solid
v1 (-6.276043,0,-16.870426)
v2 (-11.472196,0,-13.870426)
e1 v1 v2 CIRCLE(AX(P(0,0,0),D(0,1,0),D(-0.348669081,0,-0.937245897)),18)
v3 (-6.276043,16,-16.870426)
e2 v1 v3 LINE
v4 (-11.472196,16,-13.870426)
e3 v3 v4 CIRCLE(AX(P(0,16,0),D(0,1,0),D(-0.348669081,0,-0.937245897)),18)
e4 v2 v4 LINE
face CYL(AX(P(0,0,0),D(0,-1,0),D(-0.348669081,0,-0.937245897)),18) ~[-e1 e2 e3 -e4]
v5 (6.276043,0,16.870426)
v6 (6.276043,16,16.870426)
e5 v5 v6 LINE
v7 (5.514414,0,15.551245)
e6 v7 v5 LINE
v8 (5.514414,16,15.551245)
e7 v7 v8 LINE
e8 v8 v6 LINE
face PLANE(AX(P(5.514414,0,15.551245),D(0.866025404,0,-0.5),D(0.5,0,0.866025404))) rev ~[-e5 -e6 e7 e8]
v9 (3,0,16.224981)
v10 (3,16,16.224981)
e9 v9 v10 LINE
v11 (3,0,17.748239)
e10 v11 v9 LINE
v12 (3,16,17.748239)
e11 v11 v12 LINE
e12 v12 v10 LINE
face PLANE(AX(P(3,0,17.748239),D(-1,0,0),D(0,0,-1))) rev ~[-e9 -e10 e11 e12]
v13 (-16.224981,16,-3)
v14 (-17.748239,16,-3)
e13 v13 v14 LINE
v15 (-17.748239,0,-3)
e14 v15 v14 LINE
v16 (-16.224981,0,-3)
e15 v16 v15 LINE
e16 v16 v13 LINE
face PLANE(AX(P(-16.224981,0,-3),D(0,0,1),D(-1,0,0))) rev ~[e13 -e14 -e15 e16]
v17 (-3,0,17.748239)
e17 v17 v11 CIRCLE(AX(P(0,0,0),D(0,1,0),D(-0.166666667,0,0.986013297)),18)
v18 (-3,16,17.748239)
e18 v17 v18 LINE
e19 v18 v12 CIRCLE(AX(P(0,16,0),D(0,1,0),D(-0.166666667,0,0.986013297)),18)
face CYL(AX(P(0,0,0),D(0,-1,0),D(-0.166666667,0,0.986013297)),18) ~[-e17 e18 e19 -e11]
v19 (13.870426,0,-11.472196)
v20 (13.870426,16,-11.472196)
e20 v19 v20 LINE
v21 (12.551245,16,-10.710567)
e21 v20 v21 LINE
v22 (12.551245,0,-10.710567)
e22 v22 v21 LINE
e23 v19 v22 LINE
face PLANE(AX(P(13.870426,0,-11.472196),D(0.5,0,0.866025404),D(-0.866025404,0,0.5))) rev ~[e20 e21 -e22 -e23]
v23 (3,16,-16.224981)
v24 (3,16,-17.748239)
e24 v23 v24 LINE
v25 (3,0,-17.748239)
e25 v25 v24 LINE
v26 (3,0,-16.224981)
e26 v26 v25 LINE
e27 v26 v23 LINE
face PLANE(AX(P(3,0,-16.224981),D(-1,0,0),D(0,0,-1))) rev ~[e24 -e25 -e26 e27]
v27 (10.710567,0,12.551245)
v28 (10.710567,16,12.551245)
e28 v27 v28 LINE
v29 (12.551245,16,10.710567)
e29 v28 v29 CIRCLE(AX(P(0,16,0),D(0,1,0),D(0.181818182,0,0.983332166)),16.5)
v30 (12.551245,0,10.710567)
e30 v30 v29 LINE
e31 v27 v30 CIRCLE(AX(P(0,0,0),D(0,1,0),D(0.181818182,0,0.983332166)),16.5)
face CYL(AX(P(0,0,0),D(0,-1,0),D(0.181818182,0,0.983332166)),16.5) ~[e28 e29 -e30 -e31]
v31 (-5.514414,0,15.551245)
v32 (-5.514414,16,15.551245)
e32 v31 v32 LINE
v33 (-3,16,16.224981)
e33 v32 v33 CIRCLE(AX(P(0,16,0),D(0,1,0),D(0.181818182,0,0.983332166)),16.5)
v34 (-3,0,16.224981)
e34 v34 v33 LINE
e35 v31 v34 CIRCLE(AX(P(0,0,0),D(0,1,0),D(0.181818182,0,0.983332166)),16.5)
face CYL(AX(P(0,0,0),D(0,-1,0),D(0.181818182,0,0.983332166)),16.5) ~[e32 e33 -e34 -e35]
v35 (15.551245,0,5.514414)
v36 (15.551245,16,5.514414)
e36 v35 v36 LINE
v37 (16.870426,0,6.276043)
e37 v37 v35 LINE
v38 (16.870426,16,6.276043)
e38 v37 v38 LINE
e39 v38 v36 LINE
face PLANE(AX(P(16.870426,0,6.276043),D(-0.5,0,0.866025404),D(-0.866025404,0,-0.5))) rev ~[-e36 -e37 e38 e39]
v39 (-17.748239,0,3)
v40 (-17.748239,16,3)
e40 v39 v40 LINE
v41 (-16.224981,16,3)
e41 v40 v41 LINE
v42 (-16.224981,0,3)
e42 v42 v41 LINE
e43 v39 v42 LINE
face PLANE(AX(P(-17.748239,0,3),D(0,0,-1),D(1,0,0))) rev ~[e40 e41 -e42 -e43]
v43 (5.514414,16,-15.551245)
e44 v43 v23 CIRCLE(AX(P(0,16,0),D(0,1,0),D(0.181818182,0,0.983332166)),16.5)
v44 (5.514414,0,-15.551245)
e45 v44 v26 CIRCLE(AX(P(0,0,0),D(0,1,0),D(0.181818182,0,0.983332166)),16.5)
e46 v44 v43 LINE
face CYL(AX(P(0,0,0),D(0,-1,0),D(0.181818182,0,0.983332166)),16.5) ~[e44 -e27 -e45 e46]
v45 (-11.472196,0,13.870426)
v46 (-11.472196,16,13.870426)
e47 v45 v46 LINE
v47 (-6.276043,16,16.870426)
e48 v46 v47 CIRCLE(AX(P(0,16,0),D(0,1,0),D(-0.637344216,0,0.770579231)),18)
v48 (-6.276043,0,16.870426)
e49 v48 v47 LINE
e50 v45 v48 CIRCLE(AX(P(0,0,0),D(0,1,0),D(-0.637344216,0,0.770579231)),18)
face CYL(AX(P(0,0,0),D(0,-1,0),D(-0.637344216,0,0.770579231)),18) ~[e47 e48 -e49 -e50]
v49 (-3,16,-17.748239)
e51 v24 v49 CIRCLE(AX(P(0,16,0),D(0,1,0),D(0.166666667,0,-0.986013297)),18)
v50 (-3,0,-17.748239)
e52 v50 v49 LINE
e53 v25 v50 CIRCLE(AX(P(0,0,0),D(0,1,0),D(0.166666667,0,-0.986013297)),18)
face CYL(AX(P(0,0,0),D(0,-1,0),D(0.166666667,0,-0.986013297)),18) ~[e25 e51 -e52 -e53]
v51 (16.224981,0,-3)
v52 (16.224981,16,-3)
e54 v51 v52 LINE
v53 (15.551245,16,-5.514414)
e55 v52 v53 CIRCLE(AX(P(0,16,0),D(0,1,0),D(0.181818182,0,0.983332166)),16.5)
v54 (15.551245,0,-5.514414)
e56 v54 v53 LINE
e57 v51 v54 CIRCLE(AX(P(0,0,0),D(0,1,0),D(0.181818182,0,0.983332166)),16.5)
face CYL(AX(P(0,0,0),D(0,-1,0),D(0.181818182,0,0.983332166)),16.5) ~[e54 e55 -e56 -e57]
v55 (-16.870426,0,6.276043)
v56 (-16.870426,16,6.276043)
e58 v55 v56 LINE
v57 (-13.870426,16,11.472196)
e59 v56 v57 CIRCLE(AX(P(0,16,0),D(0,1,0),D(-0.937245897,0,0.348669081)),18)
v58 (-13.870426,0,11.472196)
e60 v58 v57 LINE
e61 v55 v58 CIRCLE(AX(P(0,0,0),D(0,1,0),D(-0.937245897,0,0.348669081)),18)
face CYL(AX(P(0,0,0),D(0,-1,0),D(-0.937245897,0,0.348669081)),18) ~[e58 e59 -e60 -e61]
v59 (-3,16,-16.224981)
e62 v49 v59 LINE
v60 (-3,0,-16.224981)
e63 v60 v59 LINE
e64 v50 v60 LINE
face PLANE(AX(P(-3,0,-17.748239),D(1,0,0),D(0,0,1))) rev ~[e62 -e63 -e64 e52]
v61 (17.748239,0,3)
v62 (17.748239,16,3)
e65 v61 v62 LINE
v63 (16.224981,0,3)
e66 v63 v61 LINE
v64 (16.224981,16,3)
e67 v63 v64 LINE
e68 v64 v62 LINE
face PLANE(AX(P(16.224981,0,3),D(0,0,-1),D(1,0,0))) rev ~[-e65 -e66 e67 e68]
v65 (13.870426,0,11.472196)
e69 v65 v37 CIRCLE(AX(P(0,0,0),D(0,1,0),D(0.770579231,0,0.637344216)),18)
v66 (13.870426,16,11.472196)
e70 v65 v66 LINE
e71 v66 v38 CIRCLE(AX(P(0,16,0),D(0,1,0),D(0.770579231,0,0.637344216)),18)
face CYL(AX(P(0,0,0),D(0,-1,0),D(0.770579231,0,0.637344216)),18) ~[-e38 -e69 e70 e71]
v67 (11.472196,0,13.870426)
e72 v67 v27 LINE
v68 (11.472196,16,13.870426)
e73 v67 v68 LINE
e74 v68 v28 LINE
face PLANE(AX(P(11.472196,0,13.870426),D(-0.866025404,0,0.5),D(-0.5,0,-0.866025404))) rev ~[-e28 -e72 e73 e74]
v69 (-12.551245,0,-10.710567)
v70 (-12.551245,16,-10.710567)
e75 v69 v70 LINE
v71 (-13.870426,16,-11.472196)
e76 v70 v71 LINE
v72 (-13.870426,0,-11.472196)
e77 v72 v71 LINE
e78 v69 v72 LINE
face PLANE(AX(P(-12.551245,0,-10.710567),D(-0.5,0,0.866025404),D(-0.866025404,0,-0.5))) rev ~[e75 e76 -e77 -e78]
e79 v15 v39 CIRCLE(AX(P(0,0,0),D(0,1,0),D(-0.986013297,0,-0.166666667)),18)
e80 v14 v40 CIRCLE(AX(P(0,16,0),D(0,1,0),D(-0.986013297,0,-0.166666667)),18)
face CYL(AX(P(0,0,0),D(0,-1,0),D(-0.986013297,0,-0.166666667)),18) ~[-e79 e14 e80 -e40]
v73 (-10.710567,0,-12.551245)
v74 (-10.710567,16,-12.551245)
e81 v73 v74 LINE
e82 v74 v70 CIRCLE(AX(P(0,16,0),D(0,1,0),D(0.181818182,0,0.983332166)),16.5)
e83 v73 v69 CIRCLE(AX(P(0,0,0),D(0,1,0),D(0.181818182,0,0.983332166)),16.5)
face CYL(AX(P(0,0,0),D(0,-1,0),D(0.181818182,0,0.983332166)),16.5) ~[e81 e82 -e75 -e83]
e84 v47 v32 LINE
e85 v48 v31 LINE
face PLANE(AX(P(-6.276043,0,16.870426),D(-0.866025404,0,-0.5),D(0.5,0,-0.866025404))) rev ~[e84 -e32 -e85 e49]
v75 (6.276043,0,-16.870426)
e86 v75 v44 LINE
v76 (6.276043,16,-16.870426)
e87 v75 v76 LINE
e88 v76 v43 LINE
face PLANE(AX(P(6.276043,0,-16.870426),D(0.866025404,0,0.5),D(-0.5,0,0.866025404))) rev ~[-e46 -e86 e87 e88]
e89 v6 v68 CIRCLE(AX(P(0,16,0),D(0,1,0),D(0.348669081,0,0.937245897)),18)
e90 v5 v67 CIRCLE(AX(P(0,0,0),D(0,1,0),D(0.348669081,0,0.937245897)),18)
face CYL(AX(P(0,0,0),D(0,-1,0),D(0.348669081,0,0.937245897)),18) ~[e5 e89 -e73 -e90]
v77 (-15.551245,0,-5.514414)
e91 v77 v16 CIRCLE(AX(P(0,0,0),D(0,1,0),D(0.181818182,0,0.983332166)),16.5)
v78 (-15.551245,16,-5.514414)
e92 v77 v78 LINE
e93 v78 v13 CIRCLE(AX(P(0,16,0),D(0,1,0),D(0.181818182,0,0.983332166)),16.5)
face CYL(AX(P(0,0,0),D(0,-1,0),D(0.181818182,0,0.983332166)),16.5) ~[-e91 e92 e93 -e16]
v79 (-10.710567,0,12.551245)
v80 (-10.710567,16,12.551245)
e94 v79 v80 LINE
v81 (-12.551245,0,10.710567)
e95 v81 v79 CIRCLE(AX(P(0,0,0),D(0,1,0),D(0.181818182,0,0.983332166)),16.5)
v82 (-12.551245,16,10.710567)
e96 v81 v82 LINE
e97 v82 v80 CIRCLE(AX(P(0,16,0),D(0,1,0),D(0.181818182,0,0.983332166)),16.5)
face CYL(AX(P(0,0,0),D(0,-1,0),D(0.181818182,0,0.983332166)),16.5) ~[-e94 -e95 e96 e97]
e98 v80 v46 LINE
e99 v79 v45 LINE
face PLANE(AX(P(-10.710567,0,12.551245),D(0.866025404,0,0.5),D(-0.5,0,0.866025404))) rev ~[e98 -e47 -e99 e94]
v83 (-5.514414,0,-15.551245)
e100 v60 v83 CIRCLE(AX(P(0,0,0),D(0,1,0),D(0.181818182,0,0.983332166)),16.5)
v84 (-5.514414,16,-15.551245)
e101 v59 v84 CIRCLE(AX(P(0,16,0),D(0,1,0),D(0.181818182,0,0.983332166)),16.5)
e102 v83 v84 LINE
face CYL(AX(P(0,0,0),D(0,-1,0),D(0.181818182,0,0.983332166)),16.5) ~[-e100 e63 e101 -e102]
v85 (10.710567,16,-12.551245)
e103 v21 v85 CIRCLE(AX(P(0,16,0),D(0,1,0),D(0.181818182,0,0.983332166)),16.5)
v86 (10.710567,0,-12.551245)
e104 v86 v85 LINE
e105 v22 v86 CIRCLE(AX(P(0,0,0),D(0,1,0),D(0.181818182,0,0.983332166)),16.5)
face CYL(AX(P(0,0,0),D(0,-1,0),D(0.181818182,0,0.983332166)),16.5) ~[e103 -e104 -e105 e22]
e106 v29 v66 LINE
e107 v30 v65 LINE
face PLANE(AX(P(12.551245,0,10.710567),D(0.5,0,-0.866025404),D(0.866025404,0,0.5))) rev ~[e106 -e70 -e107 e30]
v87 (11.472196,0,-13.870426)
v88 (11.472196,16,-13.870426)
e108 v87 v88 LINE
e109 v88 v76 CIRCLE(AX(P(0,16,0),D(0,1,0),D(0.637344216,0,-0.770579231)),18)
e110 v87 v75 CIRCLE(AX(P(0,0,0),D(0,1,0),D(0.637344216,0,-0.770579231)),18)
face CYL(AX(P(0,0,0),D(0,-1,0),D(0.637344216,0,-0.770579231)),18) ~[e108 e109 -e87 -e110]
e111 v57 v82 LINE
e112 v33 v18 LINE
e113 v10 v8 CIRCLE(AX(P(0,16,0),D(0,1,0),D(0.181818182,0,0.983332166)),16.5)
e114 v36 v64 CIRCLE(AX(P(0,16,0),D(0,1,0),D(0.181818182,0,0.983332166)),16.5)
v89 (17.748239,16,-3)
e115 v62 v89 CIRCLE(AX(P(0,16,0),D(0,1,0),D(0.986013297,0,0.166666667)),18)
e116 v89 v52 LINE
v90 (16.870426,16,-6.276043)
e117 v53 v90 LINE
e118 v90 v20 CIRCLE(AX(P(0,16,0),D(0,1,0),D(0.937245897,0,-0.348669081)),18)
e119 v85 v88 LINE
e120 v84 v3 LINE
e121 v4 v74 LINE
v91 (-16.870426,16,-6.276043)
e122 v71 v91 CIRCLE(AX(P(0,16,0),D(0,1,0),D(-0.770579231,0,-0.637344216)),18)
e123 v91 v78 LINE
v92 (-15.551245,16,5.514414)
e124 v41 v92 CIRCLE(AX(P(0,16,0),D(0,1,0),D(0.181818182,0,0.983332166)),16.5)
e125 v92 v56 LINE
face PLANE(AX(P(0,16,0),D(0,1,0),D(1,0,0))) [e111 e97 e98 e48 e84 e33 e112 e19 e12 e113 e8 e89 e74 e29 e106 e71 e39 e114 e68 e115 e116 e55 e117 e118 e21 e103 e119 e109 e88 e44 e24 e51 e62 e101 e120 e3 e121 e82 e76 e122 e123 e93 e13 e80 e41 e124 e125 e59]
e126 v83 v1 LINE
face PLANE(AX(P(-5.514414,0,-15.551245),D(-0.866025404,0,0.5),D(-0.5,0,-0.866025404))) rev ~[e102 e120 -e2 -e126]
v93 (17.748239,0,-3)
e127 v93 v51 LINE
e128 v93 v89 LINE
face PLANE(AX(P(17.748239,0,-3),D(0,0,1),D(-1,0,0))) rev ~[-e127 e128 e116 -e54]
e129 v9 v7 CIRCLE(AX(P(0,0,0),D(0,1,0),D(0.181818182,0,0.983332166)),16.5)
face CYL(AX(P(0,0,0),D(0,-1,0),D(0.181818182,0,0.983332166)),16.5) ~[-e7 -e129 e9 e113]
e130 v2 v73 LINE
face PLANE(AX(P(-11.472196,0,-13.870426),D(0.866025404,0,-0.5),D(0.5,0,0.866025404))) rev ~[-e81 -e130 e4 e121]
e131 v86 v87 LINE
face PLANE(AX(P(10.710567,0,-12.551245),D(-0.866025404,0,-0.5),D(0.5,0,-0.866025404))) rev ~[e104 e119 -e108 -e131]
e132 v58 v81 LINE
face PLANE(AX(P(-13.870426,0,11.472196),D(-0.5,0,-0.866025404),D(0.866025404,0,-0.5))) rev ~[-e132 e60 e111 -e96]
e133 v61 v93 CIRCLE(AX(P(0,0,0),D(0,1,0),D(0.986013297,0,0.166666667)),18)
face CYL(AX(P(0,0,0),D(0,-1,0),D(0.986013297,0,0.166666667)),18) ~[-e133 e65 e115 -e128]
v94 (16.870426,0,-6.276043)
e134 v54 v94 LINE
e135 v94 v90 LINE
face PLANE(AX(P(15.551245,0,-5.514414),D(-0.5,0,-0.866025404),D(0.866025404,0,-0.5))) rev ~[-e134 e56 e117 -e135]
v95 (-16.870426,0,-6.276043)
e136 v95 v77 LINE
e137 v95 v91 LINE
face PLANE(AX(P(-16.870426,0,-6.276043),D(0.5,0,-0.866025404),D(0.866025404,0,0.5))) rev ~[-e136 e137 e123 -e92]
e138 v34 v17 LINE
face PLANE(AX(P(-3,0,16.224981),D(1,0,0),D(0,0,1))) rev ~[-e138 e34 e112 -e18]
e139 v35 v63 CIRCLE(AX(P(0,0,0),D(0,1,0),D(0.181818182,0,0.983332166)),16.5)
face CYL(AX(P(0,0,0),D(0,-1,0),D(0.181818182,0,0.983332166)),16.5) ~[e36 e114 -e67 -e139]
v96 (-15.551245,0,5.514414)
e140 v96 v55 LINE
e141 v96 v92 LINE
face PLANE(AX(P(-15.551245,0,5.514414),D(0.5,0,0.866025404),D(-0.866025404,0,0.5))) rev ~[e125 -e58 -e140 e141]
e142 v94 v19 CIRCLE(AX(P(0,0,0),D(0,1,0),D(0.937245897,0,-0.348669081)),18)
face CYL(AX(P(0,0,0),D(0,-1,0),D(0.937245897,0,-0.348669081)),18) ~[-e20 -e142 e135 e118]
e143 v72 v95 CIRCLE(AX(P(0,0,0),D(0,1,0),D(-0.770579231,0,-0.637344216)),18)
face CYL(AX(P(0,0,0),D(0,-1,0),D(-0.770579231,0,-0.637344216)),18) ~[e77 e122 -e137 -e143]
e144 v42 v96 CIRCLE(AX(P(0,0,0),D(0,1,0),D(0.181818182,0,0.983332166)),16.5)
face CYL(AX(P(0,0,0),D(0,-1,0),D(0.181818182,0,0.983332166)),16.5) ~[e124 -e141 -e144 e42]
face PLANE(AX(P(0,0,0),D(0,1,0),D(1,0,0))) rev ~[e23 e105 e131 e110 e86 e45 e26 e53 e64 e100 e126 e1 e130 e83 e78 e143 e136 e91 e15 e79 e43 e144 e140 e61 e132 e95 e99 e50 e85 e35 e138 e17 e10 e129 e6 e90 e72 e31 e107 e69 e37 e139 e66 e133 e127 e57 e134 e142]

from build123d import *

# Parameters (mm, degrees)
EXTRUDE_1_DEPTH = 16


with BuildPart() as part:
    # 스케치1 → 보스-돌출1 (new body)
    with BuildSketch(Plane(origin=(0, 0, 0), x_dir=(1, 0, 0), z_dir=(0, 1, 0))):
        with BuildLine():
            ThreePointArc((3, 17.748239349), (0, 18), (-3, 17.748239349))
            Line((-3, 17.748239349), (-3, 16.22498074))
            ThreePointArc((-3, 16.22498074), (-4.270514244, 15.937776134), (-5.514414158, 15.551245496))
            Line((-5.514414158, 15.551245496), (-6.276043463, 16.870426149))
            ThreePointArc((-6.276043463, 16.870426149), (-9, 15.588457268), (-11.472195886, 13.870426149))
            Line((-11.472195886, 13.870426149), (-10.710566581, 12.551245496))
            ThreePointArc((-10.710566581, 12.551245496), (-11.66726189, 11.66726189), (-12.551245496, 10.710566581))
            Line((-12.551245496, 10.710566581), (-13.870426149, 11.472195886))
            ThreePointArc((-13.870426149, 11.472195886), (-15.588457268, 9), (-16.870426149, 6.276043463))
            Line((-16.870426149, 6.276043463), (-15.551245496, 5.514414158))
            ThreePointArc((-15.551245496, 5.514414158), (-15.937776134, 4.270514244), (-16.22498074, 3))
            Line((-16.22498074, 3), (-17.748239349, 3))
            ThreePointArc((-17.748239349, 3), (-18, 0), (-17.748239349, -3))
            Line((-17.748239349, -3), (-16.22498074, -3))
            ThreePointArc((-16.22498074, -3), (-15.937776134, -4.270514244), (-15.551245496, -5.514414158))
            Line((-15.551245496, -5.514414158), (-16.870426149, -6.276043463))
            ThreePointArc((-16.870426149, -6.276043463), (-15.588457268, -9), (-13.870426149, -11.472195886))
            Line((-13.870426149, -11.472195886), (-12.551245496, -10.710566581))
            ThreePointArc((-12.551245496, -10.710566581), (-11.66726189, -11.66726189), (-10.710566581, -12.551245496))
            Line((-10.710566581, -12.551245496), (-11.472195886, -13.870426149))
            ThreePointArc((-11.472195886, -13.870426149), (-9, -15.588457268), (-6.276043463, -16.870426149))
            Line((-6.276043463, -16.870426149), (-5.514414158, -15.551245496))
            ThreePointArc((-5.514414158, -15.551245496), (-4.270514244, -15.937776134), (-3, -16.22498074))
            Line((-3, -16.22498074), (-3, -17.748239349))
            ThreePointArc((-3, -17.748239349), (0, -18), (3, -17.748239349))
            Line((3, -17.748239349), (3, -16.22498074))
            ThreePointArc((3, -16.22498074), (4.270514244, -15.937776134), (5.514414158, -15.551245496))
            Line((5.514414158, -15.551245496), (6.276043463, -16.870426149))
            ThreePointArc((6.276043463, -16.870426149), (9, -15.588457268), (11.472195886, -13.870426149))
            Line((11.472195886, -13.870426149), (10.710566581, -12.551245496))
            ThreePointArc((10.710566581, -12.551245496), (11.66726189, -11.66726189), (12.551245496, -10.710566581))
            Line((12.551245496, -10.710566581), (13.870426149, -11.472195886))
            ThreePointArc((13.870426149, -11.472195886), (15.588457268, -9), (16.870426149, -6.276043463))
            Line((16.870426149, -6.276043463), (15.551245496, -5.514414158))
            ThreePointArc((15.551245496, -5.514414158), (15.937776134, -4.270514244), (16.22498074, -3))
            Line((16.22498074, -3), (17.748239349, -3))
            ThreePointArc((17.748239349, -3), (18, 0), (17.748239349, 3))
            Line((17.748239349, 3), (16.22498074, 3))
            ThreePointArc((16.22498074, 3), (15.937776134, 4.270514244), (15.551245496, 5.514414158))
            Line((15.551245496, 5.514414158), (16.870426149, 6.276043463))
            ThreePointArc((16.870426149, 6.276043463), (15.588457268, 9), (13.870426149, 11.472195886))
            Line((13.870426149, 11.472195886), (12.551245496, 10.710566581))
            ThreePointArc((12.551245496, 10.710566581), (11.66726189, 11.66726189), (10.710566581, 12.551245496))
            Line((10.710566581, 12.551245496), (11.472195886, 13.870426149))
            ThreePointArc((11.472195886, 13.870426149), (9, 15.588457268), (6.276043463, 16.870426149))
            Line((6.276043463, 16.870426149), (5.514414158, 15.551245496))
            ThreePointArc((5.514414158, 15.551245496), (4.270514244, 15.937776134), (3, 16.22498074))
            Line((3, 16.22498074), (3, 17.748239349))
        make_face()
    extrude(amount=EXTRUDE_1_DEPTH)


solid = part.part
